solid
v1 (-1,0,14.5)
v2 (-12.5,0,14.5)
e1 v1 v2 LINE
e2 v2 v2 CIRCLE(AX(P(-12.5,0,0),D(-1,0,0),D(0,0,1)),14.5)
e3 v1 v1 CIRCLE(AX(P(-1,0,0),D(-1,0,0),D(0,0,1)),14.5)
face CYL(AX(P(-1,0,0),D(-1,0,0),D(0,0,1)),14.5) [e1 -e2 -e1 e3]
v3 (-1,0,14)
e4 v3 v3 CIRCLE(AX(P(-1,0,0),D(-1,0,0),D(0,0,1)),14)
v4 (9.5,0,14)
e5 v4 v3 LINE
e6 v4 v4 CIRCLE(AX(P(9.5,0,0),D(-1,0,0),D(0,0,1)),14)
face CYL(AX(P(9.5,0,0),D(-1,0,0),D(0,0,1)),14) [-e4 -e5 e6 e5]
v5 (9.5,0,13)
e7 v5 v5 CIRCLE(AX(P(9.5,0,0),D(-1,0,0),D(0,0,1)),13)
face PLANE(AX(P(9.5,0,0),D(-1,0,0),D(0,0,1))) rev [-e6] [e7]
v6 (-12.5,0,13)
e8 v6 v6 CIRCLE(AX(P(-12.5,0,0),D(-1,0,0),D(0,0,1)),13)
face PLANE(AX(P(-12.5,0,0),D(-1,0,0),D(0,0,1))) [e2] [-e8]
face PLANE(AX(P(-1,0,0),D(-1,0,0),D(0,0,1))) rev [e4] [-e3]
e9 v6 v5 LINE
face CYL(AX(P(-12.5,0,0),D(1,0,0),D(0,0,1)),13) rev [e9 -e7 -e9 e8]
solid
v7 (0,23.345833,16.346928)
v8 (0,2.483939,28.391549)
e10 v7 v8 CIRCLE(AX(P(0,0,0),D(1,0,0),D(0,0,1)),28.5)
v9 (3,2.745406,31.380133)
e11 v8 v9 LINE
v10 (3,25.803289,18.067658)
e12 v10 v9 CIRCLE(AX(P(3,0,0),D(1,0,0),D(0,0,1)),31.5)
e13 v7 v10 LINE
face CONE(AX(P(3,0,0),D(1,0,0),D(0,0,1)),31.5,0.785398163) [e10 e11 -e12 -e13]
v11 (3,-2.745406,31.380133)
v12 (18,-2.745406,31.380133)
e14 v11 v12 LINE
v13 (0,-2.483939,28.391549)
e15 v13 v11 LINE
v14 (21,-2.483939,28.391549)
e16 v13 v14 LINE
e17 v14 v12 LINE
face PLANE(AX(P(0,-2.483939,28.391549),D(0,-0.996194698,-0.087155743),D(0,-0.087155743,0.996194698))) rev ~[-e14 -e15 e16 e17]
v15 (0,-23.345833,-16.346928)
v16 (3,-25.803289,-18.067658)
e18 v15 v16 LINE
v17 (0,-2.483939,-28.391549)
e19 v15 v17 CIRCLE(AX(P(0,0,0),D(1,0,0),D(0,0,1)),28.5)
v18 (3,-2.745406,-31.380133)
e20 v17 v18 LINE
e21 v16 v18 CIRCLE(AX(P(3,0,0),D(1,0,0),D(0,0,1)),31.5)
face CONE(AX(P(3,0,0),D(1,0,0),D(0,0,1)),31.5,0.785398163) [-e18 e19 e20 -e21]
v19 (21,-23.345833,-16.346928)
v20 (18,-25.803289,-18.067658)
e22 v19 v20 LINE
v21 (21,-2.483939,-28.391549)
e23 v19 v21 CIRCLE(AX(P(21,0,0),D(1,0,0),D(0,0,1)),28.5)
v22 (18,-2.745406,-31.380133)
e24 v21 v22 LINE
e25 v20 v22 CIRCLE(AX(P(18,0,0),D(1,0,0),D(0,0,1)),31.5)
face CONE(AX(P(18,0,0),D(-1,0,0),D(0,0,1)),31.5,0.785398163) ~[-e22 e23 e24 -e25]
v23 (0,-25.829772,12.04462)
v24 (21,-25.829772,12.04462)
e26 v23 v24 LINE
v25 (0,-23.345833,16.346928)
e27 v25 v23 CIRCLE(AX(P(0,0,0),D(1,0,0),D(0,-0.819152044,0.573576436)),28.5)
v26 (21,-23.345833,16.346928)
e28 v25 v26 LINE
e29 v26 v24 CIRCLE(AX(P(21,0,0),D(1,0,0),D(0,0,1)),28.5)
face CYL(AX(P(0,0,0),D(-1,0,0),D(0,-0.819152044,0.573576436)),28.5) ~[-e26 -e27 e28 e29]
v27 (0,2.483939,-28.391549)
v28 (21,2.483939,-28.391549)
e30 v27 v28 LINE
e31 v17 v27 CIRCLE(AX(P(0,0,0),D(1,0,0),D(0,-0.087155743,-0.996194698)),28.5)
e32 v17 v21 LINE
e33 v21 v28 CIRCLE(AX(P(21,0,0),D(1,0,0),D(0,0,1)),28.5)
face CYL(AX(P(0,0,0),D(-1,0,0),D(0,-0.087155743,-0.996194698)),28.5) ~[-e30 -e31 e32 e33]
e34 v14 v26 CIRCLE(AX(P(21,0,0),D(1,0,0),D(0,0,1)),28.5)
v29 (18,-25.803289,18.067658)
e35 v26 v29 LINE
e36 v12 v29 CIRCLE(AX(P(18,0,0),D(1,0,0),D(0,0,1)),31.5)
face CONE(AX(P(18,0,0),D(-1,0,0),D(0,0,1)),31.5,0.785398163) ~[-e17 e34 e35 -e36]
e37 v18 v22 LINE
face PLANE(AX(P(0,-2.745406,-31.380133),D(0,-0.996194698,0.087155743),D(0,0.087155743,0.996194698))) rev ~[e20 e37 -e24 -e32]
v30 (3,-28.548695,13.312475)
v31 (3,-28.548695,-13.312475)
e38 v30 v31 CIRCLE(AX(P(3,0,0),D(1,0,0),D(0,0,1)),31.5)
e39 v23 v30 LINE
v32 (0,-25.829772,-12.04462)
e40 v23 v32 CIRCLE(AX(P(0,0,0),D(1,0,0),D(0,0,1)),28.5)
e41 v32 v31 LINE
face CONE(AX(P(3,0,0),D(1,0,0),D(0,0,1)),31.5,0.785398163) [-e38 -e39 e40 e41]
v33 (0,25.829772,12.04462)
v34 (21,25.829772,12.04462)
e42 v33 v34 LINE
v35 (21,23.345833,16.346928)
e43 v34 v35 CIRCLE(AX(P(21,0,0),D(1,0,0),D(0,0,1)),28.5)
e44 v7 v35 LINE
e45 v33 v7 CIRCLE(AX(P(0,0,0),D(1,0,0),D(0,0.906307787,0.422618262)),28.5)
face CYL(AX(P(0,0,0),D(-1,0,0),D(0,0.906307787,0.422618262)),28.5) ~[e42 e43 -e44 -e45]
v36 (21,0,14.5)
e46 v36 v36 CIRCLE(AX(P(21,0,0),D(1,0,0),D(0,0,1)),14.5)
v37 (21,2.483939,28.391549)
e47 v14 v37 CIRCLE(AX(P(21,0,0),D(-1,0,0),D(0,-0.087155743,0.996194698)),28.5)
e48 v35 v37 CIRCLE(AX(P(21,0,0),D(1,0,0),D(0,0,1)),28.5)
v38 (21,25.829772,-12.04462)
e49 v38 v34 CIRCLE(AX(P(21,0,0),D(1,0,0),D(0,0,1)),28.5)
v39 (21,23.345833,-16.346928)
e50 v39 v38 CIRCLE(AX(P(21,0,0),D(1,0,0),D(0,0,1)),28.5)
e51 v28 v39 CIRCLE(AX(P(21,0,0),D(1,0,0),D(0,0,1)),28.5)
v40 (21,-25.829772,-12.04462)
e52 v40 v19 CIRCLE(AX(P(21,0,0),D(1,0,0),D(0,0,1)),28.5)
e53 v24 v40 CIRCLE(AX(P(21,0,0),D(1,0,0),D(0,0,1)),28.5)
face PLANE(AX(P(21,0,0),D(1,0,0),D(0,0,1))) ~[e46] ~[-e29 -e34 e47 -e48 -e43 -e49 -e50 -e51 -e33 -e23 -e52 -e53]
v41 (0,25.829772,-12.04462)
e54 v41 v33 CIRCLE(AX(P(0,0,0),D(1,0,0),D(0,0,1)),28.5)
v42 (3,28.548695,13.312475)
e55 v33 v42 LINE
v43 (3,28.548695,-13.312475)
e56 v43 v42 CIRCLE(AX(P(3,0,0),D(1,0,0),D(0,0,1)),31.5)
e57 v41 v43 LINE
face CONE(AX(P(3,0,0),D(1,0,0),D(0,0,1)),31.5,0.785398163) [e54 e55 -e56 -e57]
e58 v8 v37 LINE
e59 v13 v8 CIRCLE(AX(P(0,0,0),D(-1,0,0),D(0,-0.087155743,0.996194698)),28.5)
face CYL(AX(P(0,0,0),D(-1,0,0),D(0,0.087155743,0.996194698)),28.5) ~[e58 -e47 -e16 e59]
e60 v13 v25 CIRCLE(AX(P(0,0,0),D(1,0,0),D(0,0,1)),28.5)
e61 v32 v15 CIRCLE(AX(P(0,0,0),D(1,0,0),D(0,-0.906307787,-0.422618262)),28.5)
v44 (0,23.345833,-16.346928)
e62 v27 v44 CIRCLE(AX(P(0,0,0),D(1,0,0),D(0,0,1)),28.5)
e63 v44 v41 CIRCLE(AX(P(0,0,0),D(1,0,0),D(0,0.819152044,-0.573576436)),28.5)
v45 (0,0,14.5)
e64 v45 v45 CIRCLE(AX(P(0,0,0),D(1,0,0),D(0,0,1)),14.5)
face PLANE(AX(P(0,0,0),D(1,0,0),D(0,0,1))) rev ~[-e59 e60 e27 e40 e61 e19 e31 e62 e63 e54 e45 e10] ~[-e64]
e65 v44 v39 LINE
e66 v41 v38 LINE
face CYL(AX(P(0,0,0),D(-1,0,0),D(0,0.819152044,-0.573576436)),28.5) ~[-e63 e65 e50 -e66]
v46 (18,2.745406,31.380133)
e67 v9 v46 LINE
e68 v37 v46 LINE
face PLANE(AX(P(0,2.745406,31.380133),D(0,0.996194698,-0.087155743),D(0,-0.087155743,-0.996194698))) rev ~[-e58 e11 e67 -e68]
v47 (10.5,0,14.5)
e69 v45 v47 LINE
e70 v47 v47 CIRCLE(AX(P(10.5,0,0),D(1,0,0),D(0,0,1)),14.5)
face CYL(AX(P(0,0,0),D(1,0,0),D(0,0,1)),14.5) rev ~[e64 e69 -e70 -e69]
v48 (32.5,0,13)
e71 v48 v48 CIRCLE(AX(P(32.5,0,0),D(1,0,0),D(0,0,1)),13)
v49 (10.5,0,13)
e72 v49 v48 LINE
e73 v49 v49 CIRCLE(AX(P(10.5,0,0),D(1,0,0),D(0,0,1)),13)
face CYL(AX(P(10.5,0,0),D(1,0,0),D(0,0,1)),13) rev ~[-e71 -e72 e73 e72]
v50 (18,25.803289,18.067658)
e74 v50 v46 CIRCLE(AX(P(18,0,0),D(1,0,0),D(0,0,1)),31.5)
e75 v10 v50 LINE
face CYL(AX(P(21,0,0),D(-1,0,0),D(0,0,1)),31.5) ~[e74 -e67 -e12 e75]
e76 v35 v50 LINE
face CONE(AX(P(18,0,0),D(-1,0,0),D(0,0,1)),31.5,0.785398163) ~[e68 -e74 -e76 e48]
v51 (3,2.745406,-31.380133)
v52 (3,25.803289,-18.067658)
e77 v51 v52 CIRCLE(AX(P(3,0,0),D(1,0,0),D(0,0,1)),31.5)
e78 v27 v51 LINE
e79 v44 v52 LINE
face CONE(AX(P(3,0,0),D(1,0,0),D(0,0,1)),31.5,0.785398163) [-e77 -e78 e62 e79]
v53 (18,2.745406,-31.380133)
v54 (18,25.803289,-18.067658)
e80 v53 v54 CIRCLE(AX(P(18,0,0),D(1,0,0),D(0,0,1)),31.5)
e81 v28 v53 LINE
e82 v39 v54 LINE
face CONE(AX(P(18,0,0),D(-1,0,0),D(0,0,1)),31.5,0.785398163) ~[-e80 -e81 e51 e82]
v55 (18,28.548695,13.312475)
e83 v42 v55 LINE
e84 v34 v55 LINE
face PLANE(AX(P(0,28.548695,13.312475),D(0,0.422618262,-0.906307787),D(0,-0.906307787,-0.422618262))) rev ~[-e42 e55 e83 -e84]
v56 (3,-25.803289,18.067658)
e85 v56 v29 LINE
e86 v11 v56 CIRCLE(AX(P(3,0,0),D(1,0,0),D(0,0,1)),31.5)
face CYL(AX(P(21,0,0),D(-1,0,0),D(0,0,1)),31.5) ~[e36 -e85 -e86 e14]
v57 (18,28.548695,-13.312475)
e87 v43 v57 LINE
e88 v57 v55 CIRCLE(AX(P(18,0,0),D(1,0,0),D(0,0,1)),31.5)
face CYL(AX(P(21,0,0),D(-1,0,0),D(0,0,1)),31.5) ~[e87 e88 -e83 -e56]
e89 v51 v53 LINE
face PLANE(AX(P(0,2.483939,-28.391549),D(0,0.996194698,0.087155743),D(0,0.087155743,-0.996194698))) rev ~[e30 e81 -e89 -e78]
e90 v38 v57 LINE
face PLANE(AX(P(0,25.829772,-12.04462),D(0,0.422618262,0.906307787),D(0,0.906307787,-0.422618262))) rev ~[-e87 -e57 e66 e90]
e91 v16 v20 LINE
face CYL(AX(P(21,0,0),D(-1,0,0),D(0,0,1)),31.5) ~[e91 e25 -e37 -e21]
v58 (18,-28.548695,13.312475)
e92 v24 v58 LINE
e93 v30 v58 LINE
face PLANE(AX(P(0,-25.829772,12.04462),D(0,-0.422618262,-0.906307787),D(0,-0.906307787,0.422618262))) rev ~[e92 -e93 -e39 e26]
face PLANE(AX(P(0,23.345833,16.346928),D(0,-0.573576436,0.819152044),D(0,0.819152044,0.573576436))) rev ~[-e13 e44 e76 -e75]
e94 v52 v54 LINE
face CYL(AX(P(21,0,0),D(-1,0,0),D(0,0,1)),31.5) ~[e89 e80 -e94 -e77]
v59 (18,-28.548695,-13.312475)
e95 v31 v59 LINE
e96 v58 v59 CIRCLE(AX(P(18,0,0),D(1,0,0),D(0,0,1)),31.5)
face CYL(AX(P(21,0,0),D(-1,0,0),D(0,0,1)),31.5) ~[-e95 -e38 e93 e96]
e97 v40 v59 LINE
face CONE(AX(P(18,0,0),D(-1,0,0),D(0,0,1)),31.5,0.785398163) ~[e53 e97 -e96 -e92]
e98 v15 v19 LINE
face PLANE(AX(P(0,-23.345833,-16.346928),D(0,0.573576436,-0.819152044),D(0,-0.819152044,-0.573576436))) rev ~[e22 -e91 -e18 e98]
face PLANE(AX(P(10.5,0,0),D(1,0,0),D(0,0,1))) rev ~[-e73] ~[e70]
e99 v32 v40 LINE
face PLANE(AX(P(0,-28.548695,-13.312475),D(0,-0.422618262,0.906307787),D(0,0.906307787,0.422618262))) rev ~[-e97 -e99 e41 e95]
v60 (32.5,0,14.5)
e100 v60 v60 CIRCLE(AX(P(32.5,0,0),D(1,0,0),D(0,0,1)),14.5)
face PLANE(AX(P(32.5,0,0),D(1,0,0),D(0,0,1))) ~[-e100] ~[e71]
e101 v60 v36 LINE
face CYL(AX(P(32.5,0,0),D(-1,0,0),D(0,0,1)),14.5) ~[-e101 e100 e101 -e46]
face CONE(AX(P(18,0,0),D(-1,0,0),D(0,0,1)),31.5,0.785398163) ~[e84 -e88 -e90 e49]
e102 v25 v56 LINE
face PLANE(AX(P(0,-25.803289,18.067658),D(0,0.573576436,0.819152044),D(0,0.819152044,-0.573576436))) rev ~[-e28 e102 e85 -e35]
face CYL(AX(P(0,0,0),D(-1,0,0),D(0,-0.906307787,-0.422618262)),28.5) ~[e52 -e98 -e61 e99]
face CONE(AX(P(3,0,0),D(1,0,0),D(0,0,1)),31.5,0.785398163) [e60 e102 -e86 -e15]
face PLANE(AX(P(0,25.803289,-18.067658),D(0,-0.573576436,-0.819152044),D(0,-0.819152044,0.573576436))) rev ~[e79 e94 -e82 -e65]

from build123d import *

# Parameters (mm, degrees)
F2_SIZE  = 3
F4_DEPTH = 25


with BuildPart() as f1:
    # F0 (on Front) → F1 (revolve)
    with BuildSketch(Plane.XZ):
        Polygon((0, 31.5), (0, 14.5), (10.5, 14.5), (10.5, 13), (32.5, 13), (32.5, 14.5), (21, 14.5), (21, 31.5), align=None)
    revolve(axis=Axis((22.6291795194, 0, 0), (1, 0, 0)))

    # F2
    f2_edges = [f1.edges().sort_by_distance(p)[0] for p in [
        (0, 0, -31.5),
        (21, 0, -31.5),
    ]]
    chamfer(f2_edges, length=F2_SIZE)

    # F3 (on face) → F4 (cut)
    with BuildSketch(Plane(origin=(0, 0, 0), x_dir=(0, -1, 0), z_dir=(-1, 0, 0))):
        with BuildLine():
            Line((2.4839386683, 28.3915488956), (2.7454058966, 31.3801329899))
            ThreePointArc((2.7454058966, 31.3801329899), (0, 31.5), (-2.7454058966, 31.3801329899))
            Line((-2.7454058966, 31.3801329899), (-2.4839386683, 28.3915488956))
            ThreePointArc((-2.4839386683, 28.3915488956), (0, 28.5), (2.4839386683, 28.3915488956))
        make_face()
        with BuildLine():
            ThreePointArc((-25.8297719305, 12.0446204596), (-24.6817240079, 14.25), (-23.3458332622, 16.346928436))
            Line((-23.3458332622, 16.346928436), (-25.8032893951, 18.0676577451))
            ThreePointArc((-25.8032893951, 18.0676577451), (-27.2798002192, 15.75), (-28.5486952917, 13.3124752448))
            Line((-28.5486952917, 13.3124752448), (-25.8297719305, 12.0446204596))
        make_face()
        with BuildLine():
            ThreePointArc((-23.3458332622, -16.346928436), (-24.6817240079, -14.25), (-25.8297719305, -12.0446204596))
            Line((-25.8297719305, -12.0446204596), (-28.5486952917, -13.3124752448))
            ThreePointArc((-28.5486952917, -13.3124752448), (-27.2798002192, -15.75), (-25.8032893951, -18.0676577451))
            Line((-25.8032893951, -18.0676577451), (-23.3458332622, -16.346928436))
        make_face()
        with BuildLine():
            ThreePointArc((2.4839386683, -28.3915488956), (0, -28.5), (-2.4839386683, -28.3915488956))
            Line((-2.4839386683, -28.3915488956), (-2.7454058966, -31.3801329899))
            ThreePointArc((-2.7454058966, -31.3801329899), (0, -31.5), (2.7454058966, -31.3801329899))
            Line((2.7454058966, -31.3801329899), (2.4839386683, -28.3915488956))
        make_face()
        with BuildLine():
            ThreePointArc((25.8297719305, -12.0446204596), (24.6817240079, -14.25), (23.3458332622, -16.346928436))
            Line((23.3458332622, -16.346928436), (25.8032893951, -18.0676577451))
            ThreePointArc((25.8032893951, -18.0676577451), (27.2798002192, -15.75), (28.5486952917, -13.3124752448))
            Line((28.5486952917, -13.3124752448), (25.8297719305, -12.0446204596))
        make_face()
        with BuildLine():
            ThreePointArc((23.3458332622, 16.346928436), (24.6817240079, 14.25), (25.8297719305, 12.0446204596))
            Line((25.8297719305, 12.0446204596), (28.5486952917, 13.3124752448))
            ThreePointArc((28.5486952917, 13.3124752448), (27.2798002192, 15.75), (25.8032893951, 18.0676577451))
            Line((25.8032893951, 18.0676577451), (23.3458332622, 16.346928436))
        make_face()
    extrude(amount=-F4_DEPTH, mode=Mode.SUBTRACT)


with BuildPart() as f6:
    # F5 (on Front) → F6 (revolve)
    with BuildSketch(Plane.XZ):
        Polygon((-1, 14.5), (-12.5, 14.5), (-12.5, 13), (9.5, 13), (9.5, 14), (-1, 14), align=None)
    revolve(axis=Axis((-8.3157410845, 0, 0), (-1, 0, 0)))


solid = Compound([f1.part, f6.part])
